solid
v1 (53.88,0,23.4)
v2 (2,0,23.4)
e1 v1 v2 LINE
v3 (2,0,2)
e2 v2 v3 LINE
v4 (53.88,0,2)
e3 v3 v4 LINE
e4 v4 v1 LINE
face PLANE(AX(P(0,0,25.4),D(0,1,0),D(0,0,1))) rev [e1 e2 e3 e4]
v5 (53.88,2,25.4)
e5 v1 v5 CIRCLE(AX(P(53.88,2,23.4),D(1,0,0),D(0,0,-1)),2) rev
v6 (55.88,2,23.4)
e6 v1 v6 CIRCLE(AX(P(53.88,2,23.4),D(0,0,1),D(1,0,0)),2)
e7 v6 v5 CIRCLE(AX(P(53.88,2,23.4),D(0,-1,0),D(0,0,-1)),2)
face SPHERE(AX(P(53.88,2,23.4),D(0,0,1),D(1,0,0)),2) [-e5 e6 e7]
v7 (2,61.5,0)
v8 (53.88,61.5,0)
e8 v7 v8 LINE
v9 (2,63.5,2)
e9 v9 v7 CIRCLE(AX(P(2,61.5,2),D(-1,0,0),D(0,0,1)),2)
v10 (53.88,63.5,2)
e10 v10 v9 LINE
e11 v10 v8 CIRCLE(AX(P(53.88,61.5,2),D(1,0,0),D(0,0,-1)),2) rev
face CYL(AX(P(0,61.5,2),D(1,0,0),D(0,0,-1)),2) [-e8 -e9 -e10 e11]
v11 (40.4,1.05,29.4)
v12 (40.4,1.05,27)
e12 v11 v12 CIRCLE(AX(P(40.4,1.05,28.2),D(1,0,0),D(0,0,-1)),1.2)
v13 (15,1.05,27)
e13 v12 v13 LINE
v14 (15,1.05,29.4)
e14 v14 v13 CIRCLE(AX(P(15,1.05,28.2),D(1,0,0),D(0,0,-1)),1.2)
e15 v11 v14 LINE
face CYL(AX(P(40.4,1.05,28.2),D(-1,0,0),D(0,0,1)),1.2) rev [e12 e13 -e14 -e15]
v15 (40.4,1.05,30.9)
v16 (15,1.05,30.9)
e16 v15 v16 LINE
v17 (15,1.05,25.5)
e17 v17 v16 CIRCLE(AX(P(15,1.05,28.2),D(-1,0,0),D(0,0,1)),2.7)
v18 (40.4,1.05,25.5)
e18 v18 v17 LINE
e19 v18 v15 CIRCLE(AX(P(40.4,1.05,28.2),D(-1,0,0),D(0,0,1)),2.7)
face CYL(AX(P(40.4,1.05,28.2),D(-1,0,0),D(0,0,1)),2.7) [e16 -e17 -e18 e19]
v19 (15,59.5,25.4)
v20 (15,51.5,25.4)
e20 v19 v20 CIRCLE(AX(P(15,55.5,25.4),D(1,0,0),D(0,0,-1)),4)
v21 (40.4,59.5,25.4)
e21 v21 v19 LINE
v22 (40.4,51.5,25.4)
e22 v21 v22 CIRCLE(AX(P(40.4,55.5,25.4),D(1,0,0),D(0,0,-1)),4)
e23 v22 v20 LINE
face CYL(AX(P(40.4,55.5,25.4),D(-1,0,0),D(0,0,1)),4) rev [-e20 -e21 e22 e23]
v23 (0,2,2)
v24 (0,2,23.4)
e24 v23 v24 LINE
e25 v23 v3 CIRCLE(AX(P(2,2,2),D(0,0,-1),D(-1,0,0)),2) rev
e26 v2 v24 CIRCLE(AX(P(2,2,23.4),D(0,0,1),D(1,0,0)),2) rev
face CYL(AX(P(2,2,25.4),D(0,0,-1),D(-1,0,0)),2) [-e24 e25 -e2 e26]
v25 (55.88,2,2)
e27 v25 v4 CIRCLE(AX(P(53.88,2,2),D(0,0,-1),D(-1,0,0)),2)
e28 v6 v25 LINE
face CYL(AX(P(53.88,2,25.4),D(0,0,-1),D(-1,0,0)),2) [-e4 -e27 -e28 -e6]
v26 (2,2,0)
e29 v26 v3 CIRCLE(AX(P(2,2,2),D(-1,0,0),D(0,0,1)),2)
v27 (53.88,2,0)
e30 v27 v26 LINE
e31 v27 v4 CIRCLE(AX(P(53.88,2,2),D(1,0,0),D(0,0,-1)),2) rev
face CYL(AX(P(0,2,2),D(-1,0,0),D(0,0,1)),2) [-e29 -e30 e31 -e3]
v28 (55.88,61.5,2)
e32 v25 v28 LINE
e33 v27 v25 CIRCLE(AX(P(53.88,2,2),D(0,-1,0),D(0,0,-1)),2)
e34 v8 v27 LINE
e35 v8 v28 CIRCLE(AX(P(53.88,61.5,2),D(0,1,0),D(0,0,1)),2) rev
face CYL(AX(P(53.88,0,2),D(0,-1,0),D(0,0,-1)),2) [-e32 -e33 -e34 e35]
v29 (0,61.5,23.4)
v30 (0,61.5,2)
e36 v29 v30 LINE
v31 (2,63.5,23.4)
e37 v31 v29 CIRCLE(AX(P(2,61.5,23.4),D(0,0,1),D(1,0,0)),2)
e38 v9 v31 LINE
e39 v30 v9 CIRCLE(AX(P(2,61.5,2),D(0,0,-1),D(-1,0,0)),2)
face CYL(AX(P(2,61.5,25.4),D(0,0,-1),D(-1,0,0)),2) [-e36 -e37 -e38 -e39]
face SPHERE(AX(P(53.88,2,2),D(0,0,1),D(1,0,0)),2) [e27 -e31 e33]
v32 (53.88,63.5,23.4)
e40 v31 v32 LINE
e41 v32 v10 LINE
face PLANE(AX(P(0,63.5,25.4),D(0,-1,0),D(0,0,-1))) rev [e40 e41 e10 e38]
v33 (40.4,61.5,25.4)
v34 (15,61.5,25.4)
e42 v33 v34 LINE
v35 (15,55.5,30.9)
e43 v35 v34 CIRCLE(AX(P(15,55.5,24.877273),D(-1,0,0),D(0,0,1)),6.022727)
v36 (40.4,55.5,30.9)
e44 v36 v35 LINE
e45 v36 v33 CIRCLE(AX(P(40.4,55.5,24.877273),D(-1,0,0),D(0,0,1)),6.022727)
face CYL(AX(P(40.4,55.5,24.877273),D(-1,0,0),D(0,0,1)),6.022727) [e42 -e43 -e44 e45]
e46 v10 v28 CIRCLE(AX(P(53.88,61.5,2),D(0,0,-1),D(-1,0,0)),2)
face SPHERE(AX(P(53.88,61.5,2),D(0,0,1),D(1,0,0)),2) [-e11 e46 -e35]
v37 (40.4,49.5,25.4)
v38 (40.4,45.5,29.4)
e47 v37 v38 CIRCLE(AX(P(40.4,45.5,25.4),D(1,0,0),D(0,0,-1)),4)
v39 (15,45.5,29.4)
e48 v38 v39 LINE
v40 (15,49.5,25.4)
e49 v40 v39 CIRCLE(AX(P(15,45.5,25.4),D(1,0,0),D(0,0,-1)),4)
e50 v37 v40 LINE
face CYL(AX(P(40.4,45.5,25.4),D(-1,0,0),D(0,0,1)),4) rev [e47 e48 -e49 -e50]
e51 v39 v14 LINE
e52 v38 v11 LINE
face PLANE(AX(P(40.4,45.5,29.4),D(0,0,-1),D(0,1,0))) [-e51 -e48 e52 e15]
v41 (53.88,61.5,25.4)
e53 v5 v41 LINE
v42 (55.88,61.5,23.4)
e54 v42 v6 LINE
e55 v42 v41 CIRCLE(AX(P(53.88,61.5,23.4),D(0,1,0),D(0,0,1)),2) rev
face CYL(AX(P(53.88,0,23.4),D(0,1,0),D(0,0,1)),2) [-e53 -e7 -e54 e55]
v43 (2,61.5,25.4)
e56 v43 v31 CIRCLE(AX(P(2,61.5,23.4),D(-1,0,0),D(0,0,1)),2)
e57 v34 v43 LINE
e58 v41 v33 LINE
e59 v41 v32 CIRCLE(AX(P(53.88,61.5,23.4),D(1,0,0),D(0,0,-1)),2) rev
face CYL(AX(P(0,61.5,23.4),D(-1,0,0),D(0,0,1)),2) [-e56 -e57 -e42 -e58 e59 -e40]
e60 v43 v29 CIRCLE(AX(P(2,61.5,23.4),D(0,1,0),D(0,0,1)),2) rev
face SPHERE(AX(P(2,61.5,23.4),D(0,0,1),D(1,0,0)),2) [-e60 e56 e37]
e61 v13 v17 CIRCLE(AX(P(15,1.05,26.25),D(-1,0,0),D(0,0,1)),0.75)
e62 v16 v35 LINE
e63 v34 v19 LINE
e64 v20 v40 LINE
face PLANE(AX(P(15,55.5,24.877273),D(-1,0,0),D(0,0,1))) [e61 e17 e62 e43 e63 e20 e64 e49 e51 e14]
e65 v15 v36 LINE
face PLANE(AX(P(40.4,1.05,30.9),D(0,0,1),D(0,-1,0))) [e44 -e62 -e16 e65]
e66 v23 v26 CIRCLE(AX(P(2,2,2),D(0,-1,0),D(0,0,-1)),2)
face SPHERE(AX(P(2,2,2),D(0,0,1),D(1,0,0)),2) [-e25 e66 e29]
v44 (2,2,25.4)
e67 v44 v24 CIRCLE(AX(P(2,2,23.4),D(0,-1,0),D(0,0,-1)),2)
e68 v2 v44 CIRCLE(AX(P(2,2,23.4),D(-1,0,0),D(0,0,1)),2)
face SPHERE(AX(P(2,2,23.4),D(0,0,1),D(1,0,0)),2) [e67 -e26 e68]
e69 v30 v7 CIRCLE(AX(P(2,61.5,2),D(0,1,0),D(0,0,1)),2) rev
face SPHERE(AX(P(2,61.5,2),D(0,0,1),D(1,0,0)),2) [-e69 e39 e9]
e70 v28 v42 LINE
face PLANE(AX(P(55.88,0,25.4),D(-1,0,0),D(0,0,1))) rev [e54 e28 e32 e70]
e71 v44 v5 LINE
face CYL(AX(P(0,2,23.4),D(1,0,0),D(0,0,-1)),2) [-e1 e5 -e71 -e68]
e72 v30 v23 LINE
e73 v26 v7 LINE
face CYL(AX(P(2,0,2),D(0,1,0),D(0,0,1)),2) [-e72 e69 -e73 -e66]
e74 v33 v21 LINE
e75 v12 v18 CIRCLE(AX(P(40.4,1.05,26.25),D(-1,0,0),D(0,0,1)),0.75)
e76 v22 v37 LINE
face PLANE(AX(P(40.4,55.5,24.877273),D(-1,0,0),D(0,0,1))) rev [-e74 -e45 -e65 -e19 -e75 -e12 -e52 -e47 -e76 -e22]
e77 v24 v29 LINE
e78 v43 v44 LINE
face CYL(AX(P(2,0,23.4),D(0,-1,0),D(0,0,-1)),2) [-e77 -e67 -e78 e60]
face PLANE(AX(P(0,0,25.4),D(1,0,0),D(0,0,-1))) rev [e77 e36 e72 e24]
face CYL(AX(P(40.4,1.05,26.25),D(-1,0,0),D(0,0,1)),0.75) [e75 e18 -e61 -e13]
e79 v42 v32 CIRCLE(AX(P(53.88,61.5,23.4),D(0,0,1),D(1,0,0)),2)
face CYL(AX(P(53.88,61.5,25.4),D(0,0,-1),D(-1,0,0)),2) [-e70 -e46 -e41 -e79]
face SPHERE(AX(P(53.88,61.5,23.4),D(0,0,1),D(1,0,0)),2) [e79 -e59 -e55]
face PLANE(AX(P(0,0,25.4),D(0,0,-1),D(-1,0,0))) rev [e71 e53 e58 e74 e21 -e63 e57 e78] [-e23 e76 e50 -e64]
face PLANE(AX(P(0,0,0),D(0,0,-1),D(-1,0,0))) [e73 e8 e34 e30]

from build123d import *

# Parameters (mm, degrees)
SKETCH1_W           = 55.88
SKETCH1_H           = 63.5
BOSS_EXTRUDE1_DEPTH = 25.4
FILLET1_R           = 2
BOSS_EXTRUDE2_DEPTH = 25.4


with BuildPart() as part:
    # Sketch1 → Boss-Extrude1 (new body)
    with BuildSketch(Plane.XY):
        with Locations((27.94, 31.75)):
            Rectangle(SKETCH1_W, SKETCH1_H)
    extrude(amount=BOSS_EXTRUDE1_DEPTH)

    # Fillet1
    fillet1_edges = [part.edges().sort_by_distance(p)[0] for p in [
        (55.88, 31.75, 25.4),
        (27.94, 63.5, 25.4),
        (0, 31.75, 25.4),
        (27.94, 63.5, 0),
        (55.88, 31.75, 0),
        (27.94, 0, 0),
        (0, 31.75, 0),
        (27.94, 0, 25.4),
        (0, 63.5, 12.7),
        (55.88, 63.5, 12.7),
        (55.88, 0, 12.7),
        (0, 0, 12.7),
    ]]
    fillet(fillet1_edges, radius=FILLET1_R)

    # Sketch3 → Boss-Extrude2 (add)
    with BuildSketch(Plane.ZY.offset(-15)):
        with BuildLine():
            Line((25.4, 61.5), (25.4, 59.5))
            ThreePointArc((25.4, 59.5), (29.4, 55.5), (25.4, 51.5))
            Line((25.4, 51.5), (25.4, 49.5))
            ThreePointArc((25.4, 49.5), (28.228427125, 48.328427125), (29.4, 45.5))
            Line((29.4, 45.5), (29.4, 1.05))
            ThreePointArc((29.4, 1.05), (28.2, -0.15), (27, 1.05))
            ThreePointArc((27, 1.05), (26.25, 1.8), (25.5, 1.05))
            ThreePointArc((25.5, 1.05), (28.2, -1.65), (30.9, 1.05))
            Line((30.9, 1.05), (30.9, 55.5))
            ThreePointArc((30.9, 55.5), (29.316951072, 59.569705149), (25.4, 61.5))
        make_face()
    extrude(amount=-BOSS_EXTRUDE2_DEPTH)


solid = part.part
